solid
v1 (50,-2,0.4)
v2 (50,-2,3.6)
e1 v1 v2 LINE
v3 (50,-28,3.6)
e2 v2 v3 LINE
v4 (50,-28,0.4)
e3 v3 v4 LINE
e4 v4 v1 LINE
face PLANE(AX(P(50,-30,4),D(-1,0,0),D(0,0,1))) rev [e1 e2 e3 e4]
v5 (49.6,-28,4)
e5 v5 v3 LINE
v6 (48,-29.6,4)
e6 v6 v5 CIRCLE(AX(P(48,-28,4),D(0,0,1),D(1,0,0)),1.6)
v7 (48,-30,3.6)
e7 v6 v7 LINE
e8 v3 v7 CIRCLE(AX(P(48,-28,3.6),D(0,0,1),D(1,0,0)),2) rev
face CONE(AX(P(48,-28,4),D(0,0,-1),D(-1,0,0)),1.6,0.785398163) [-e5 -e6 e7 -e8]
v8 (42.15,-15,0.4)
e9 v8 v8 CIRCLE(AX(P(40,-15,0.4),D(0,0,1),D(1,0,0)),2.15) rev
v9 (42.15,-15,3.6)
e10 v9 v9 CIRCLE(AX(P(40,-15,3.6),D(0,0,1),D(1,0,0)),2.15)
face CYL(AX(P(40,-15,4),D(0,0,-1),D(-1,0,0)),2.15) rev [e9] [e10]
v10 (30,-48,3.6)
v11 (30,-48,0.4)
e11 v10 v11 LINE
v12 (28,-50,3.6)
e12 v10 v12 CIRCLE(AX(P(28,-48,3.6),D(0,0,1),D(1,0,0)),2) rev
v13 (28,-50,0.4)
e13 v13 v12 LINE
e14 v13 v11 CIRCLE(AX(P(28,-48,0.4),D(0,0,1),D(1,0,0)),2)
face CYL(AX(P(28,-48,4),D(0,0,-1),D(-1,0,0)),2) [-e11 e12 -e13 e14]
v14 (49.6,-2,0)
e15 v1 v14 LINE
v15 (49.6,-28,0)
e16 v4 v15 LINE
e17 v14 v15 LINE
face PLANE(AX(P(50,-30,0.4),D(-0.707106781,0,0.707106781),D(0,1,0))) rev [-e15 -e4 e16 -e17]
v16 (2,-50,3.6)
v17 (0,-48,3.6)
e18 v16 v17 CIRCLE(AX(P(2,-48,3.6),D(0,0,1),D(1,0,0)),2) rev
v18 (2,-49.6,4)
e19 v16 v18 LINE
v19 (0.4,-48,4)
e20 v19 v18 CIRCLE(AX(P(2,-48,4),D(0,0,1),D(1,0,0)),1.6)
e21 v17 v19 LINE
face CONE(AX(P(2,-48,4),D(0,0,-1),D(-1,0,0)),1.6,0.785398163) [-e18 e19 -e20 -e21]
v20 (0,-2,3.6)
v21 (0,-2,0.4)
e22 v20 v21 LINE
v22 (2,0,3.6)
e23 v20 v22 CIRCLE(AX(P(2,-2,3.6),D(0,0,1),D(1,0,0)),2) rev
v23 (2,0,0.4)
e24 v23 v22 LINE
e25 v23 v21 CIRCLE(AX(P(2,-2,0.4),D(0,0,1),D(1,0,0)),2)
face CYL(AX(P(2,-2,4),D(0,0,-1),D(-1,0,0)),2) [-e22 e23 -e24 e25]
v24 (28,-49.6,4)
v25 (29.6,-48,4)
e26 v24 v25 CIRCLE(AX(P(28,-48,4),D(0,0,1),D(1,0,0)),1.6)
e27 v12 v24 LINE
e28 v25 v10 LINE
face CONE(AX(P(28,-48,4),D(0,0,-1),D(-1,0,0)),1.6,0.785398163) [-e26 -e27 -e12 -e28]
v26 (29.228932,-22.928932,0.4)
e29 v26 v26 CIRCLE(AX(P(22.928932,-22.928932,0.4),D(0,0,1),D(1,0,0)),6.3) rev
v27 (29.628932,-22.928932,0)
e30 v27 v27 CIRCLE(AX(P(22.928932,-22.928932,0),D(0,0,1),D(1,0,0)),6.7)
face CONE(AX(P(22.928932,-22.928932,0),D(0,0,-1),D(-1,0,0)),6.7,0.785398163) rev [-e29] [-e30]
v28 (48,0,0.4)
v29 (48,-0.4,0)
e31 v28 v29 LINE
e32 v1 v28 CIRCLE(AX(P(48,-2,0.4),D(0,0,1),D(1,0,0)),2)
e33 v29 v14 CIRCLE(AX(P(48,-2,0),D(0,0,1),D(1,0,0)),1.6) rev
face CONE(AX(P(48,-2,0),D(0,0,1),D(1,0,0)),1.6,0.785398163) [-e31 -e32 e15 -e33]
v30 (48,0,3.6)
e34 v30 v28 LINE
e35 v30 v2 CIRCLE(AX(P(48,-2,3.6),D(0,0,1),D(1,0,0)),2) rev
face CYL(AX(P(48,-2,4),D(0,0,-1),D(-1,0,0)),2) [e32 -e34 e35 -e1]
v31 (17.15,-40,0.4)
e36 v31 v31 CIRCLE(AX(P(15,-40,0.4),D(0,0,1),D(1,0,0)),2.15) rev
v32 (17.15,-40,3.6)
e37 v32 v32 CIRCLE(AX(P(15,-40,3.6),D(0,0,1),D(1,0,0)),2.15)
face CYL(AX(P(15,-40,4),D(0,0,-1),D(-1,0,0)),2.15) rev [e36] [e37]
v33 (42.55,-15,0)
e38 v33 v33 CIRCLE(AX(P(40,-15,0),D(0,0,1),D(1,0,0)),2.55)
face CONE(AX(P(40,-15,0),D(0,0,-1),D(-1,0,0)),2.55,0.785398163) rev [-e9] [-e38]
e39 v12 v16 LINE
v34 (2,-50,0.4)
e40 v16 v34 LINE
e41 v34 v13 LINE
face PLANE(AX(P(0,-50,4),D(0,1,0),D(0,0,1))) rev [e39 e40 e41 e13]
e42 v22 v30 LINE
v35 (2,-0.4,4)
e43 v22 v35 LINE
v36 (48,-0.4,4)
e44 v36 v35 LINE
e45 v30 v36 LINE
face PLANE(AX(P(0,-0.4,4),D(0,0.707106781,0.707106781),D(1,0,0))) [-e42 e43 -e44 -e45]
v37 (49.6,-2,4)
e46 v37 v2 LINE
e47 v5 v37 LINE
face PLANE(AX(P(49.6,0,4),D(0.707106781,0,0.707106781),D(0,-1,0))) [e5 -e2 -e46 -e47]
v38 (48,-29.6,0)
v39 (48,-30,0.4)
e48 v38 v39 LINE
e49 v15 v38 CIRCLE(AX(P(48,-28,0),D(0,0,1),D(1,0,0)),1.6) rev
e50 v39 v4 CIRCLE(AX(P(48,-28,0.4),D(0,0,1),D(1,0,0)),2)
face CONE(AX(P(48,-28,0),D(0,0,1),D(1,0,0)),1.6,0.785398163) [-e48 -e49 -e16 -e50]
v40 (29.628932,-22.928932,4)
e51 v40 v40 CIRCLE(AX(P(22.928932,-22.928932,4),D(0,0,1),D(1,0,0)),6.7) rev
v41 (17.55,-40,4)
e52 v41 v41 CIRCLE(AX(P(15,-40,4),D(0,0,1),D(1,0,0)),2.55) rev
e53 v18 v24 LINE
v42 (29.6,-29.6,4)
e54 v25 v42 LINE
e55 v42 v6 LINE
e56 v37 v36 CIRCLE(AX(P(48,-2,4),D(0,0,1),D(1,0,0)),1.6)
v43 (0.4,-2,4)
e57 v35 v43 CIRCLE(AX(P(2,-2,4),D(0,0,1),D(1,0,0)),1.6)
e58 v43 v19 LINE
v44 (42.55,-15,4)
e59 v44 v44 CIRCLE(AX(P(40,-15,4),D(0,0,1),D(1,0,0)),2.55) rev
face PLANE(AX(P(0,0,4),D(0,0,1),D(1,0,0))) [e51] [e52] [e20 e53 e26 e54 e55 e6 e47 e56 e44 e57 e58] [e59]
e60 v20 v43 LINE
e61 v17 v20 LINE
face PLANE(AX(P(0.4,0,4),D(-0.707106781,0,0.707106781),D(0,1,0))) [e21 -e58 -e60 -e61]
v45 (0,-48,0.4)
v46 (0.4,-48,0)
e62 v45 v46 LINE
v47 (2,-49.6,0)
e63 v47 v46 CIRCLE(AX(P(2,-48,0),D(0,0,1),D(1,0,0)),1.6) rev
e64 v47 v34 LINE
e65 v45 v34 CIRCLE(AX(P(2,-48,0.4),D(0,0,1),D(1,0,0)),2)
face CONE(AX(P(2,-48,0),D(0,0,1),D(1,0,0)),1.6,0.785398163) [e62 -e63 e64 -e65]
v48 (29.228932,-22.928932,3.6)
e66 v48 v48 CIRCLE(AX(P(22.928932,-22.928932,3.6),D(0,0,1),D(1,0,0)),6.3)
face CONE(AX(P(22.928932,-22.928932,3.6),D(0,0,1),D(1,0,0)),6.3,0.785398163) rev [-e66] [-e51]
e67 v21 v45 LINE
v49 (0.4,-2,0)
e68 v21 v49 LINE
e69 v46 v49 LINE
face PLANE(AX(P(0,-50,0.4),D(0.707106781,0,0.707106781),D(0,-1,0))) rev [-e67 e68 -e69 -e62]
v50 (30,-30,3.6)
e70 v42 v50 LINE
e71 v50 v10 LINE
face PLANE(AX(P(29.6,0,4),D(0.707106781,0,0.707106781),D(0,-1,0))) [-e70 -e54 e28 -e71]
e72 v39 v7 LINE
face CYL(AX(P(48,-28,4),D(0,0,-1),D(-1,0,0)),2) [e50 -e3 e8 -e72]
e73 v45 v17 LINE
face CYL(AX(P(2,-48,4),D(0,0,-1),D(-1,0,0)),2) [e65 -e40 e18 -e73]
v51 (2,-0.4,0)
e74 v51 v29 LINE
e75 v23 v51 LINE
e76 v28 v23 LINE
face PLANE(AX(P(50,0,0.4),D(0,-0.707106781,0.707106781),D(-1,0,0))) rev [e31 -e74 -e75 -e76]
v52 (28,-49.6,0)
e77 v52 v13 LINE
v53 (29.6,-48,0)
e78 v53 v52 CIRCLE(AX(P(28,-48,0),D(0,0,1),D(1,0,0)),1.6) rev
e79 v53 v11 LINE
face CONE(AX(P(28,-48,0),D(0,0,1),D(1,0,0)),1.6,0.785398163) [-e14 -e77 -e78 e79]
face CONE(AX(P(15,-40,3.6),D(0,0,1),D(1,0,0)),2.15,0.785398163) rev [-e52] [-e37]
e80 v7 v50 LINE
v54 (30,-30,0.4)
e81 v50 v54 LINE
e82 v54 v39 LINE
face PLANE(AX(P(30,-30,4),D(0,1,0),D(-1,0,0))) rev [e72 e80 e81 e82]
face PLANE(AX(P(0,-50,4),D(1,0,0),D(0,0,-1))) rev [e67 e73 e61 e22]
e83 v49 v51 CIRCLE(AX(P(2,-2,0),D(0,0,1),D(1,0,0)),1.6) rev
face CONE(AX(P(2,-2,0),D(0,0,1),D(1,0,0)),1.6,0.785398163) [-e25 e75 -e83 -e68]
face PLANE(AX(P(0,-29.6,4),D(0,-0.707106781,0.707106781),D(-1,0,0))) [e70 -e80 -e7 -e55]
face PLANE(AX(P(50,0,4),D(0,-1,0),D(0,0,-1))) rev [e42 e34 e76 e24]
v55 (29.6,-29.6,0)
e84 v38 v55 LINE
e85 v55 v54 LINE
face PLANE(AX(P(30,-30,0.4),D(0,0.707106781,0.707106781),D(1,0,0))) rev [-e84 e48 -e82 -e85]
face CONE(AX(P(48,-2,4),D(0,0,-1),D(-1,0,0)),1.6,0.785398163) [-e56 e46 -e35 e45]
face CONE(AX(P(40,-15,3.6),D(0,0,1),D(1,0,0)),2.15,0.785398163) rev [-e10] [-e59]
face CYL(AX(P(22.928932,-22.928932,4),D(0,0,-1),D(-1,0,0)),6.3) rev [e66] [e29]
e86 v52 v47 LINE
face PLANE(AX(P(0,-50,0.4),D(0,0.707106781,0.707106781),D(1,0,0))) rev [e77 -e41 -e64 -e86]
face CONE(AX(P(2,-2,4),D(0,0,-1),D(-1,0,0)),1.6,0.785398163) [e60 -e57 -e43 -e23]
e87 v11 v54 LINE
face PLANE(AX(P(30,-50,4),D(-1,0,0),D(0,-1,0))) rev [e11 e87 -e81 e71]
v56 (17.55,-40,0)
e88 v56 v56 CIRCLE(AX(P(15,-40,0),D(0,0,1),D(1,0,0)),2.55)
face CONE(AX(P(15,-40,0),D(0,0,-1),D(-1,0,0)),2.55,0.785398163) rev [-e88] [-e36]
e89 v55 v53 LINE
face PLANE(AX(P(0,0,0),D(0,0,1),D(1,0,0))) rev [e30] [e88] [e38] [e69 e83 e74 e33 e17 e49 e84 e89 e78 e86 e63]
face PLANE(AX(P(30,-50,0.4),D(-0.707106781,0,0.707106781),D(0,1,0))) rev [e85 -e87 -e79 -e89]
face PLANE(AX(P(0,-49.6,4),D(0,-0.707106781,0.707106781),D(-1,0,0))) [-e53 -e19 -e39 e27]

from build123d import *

# Parameters (mm, degrees)
SKETCH1_R           = 2.15
SKETCH1_R_2         = 6.3
BOSS_EXTRUDE1_DEPTH = 4
FILLET1_R           = 2
CHAMFER1_SIZE       = 0.4


with BuildPart() as part:
    # Sketch1 → Boss-Extrude1 (new body)
    with BuildSketch(Plane.XY):
        Polygon((0, -50), (30, -50), (30, -30), (50, -30), (50, 0), (0, 0), align=None)
        with Locations((15, -40)):
            Circle(SKETCH1_R, mode=Mode.SUBTRACT)
        with Locations((40, -15)):
            Circle(SKETCH1_R, mode=Mode.SUBTRACT)
        with Locations((22.928932188, -22.928932188)):
            Circle(SKETCH1_R_2, mode=Mode.SUBTRACT)
    extrude(amount=BOSS_EXTRUDE1_DEPTH)

    # Fillet1
    fillet1_edges = [part.edges().sort_by_distance(p)[0] for p in [
        (0, 0, 2),
        (50, 0, 2),
        (50, -30, 2),
        (30, -50, 2),
        (0, -50, 2),
    ]]
    fillet(fillet1_edges, radius=FILLET1_R)

    # Chamfer1
    chamfer1_edges = [part.edges().sort_by_distance(p)[0] for p in [
        (39, -30, 4),
        (12.85, -40, 0),
        (12.85, -40, 4),
        (37.85, -15, 0),
        (37.85, -15, 4),
        (16.628932188, -22.928932188, 0),
        (16.628932188, -22.928932188, 4),
        (0, -25, 0),
        (0, -25, 4),
        (25, 0, 0),
        (50, -15, 0),
        (30, -39, 0),
        (15, -50, 0),
        (29.414213562, -49.414213562, 0),
        (0.585786438, -49.414213562, 0),
        (49.414213562, -29.414213562, 0),
        (49.414213562, -0.585786438, 0),
        (0.585786438, -0.585786438, 0),
        (25, 0, 4),
        (15, -50, 4),
        (30, -39, 4),
        (50, -15, 4),
        (29.414213562, -49.414213562, 4),
        (0.585786438, -49.414213562, 4),
        (49.414213562, -29.414213562, 4),
        (49.414213562, -0.585786438, 4),
        (0.585786438, -0.585786438, 4),
        (39, -30, 0),
    ]]
    chamfer(chamfer1_edges, length=CHAMFER1_SIZE)


solid = part.part
